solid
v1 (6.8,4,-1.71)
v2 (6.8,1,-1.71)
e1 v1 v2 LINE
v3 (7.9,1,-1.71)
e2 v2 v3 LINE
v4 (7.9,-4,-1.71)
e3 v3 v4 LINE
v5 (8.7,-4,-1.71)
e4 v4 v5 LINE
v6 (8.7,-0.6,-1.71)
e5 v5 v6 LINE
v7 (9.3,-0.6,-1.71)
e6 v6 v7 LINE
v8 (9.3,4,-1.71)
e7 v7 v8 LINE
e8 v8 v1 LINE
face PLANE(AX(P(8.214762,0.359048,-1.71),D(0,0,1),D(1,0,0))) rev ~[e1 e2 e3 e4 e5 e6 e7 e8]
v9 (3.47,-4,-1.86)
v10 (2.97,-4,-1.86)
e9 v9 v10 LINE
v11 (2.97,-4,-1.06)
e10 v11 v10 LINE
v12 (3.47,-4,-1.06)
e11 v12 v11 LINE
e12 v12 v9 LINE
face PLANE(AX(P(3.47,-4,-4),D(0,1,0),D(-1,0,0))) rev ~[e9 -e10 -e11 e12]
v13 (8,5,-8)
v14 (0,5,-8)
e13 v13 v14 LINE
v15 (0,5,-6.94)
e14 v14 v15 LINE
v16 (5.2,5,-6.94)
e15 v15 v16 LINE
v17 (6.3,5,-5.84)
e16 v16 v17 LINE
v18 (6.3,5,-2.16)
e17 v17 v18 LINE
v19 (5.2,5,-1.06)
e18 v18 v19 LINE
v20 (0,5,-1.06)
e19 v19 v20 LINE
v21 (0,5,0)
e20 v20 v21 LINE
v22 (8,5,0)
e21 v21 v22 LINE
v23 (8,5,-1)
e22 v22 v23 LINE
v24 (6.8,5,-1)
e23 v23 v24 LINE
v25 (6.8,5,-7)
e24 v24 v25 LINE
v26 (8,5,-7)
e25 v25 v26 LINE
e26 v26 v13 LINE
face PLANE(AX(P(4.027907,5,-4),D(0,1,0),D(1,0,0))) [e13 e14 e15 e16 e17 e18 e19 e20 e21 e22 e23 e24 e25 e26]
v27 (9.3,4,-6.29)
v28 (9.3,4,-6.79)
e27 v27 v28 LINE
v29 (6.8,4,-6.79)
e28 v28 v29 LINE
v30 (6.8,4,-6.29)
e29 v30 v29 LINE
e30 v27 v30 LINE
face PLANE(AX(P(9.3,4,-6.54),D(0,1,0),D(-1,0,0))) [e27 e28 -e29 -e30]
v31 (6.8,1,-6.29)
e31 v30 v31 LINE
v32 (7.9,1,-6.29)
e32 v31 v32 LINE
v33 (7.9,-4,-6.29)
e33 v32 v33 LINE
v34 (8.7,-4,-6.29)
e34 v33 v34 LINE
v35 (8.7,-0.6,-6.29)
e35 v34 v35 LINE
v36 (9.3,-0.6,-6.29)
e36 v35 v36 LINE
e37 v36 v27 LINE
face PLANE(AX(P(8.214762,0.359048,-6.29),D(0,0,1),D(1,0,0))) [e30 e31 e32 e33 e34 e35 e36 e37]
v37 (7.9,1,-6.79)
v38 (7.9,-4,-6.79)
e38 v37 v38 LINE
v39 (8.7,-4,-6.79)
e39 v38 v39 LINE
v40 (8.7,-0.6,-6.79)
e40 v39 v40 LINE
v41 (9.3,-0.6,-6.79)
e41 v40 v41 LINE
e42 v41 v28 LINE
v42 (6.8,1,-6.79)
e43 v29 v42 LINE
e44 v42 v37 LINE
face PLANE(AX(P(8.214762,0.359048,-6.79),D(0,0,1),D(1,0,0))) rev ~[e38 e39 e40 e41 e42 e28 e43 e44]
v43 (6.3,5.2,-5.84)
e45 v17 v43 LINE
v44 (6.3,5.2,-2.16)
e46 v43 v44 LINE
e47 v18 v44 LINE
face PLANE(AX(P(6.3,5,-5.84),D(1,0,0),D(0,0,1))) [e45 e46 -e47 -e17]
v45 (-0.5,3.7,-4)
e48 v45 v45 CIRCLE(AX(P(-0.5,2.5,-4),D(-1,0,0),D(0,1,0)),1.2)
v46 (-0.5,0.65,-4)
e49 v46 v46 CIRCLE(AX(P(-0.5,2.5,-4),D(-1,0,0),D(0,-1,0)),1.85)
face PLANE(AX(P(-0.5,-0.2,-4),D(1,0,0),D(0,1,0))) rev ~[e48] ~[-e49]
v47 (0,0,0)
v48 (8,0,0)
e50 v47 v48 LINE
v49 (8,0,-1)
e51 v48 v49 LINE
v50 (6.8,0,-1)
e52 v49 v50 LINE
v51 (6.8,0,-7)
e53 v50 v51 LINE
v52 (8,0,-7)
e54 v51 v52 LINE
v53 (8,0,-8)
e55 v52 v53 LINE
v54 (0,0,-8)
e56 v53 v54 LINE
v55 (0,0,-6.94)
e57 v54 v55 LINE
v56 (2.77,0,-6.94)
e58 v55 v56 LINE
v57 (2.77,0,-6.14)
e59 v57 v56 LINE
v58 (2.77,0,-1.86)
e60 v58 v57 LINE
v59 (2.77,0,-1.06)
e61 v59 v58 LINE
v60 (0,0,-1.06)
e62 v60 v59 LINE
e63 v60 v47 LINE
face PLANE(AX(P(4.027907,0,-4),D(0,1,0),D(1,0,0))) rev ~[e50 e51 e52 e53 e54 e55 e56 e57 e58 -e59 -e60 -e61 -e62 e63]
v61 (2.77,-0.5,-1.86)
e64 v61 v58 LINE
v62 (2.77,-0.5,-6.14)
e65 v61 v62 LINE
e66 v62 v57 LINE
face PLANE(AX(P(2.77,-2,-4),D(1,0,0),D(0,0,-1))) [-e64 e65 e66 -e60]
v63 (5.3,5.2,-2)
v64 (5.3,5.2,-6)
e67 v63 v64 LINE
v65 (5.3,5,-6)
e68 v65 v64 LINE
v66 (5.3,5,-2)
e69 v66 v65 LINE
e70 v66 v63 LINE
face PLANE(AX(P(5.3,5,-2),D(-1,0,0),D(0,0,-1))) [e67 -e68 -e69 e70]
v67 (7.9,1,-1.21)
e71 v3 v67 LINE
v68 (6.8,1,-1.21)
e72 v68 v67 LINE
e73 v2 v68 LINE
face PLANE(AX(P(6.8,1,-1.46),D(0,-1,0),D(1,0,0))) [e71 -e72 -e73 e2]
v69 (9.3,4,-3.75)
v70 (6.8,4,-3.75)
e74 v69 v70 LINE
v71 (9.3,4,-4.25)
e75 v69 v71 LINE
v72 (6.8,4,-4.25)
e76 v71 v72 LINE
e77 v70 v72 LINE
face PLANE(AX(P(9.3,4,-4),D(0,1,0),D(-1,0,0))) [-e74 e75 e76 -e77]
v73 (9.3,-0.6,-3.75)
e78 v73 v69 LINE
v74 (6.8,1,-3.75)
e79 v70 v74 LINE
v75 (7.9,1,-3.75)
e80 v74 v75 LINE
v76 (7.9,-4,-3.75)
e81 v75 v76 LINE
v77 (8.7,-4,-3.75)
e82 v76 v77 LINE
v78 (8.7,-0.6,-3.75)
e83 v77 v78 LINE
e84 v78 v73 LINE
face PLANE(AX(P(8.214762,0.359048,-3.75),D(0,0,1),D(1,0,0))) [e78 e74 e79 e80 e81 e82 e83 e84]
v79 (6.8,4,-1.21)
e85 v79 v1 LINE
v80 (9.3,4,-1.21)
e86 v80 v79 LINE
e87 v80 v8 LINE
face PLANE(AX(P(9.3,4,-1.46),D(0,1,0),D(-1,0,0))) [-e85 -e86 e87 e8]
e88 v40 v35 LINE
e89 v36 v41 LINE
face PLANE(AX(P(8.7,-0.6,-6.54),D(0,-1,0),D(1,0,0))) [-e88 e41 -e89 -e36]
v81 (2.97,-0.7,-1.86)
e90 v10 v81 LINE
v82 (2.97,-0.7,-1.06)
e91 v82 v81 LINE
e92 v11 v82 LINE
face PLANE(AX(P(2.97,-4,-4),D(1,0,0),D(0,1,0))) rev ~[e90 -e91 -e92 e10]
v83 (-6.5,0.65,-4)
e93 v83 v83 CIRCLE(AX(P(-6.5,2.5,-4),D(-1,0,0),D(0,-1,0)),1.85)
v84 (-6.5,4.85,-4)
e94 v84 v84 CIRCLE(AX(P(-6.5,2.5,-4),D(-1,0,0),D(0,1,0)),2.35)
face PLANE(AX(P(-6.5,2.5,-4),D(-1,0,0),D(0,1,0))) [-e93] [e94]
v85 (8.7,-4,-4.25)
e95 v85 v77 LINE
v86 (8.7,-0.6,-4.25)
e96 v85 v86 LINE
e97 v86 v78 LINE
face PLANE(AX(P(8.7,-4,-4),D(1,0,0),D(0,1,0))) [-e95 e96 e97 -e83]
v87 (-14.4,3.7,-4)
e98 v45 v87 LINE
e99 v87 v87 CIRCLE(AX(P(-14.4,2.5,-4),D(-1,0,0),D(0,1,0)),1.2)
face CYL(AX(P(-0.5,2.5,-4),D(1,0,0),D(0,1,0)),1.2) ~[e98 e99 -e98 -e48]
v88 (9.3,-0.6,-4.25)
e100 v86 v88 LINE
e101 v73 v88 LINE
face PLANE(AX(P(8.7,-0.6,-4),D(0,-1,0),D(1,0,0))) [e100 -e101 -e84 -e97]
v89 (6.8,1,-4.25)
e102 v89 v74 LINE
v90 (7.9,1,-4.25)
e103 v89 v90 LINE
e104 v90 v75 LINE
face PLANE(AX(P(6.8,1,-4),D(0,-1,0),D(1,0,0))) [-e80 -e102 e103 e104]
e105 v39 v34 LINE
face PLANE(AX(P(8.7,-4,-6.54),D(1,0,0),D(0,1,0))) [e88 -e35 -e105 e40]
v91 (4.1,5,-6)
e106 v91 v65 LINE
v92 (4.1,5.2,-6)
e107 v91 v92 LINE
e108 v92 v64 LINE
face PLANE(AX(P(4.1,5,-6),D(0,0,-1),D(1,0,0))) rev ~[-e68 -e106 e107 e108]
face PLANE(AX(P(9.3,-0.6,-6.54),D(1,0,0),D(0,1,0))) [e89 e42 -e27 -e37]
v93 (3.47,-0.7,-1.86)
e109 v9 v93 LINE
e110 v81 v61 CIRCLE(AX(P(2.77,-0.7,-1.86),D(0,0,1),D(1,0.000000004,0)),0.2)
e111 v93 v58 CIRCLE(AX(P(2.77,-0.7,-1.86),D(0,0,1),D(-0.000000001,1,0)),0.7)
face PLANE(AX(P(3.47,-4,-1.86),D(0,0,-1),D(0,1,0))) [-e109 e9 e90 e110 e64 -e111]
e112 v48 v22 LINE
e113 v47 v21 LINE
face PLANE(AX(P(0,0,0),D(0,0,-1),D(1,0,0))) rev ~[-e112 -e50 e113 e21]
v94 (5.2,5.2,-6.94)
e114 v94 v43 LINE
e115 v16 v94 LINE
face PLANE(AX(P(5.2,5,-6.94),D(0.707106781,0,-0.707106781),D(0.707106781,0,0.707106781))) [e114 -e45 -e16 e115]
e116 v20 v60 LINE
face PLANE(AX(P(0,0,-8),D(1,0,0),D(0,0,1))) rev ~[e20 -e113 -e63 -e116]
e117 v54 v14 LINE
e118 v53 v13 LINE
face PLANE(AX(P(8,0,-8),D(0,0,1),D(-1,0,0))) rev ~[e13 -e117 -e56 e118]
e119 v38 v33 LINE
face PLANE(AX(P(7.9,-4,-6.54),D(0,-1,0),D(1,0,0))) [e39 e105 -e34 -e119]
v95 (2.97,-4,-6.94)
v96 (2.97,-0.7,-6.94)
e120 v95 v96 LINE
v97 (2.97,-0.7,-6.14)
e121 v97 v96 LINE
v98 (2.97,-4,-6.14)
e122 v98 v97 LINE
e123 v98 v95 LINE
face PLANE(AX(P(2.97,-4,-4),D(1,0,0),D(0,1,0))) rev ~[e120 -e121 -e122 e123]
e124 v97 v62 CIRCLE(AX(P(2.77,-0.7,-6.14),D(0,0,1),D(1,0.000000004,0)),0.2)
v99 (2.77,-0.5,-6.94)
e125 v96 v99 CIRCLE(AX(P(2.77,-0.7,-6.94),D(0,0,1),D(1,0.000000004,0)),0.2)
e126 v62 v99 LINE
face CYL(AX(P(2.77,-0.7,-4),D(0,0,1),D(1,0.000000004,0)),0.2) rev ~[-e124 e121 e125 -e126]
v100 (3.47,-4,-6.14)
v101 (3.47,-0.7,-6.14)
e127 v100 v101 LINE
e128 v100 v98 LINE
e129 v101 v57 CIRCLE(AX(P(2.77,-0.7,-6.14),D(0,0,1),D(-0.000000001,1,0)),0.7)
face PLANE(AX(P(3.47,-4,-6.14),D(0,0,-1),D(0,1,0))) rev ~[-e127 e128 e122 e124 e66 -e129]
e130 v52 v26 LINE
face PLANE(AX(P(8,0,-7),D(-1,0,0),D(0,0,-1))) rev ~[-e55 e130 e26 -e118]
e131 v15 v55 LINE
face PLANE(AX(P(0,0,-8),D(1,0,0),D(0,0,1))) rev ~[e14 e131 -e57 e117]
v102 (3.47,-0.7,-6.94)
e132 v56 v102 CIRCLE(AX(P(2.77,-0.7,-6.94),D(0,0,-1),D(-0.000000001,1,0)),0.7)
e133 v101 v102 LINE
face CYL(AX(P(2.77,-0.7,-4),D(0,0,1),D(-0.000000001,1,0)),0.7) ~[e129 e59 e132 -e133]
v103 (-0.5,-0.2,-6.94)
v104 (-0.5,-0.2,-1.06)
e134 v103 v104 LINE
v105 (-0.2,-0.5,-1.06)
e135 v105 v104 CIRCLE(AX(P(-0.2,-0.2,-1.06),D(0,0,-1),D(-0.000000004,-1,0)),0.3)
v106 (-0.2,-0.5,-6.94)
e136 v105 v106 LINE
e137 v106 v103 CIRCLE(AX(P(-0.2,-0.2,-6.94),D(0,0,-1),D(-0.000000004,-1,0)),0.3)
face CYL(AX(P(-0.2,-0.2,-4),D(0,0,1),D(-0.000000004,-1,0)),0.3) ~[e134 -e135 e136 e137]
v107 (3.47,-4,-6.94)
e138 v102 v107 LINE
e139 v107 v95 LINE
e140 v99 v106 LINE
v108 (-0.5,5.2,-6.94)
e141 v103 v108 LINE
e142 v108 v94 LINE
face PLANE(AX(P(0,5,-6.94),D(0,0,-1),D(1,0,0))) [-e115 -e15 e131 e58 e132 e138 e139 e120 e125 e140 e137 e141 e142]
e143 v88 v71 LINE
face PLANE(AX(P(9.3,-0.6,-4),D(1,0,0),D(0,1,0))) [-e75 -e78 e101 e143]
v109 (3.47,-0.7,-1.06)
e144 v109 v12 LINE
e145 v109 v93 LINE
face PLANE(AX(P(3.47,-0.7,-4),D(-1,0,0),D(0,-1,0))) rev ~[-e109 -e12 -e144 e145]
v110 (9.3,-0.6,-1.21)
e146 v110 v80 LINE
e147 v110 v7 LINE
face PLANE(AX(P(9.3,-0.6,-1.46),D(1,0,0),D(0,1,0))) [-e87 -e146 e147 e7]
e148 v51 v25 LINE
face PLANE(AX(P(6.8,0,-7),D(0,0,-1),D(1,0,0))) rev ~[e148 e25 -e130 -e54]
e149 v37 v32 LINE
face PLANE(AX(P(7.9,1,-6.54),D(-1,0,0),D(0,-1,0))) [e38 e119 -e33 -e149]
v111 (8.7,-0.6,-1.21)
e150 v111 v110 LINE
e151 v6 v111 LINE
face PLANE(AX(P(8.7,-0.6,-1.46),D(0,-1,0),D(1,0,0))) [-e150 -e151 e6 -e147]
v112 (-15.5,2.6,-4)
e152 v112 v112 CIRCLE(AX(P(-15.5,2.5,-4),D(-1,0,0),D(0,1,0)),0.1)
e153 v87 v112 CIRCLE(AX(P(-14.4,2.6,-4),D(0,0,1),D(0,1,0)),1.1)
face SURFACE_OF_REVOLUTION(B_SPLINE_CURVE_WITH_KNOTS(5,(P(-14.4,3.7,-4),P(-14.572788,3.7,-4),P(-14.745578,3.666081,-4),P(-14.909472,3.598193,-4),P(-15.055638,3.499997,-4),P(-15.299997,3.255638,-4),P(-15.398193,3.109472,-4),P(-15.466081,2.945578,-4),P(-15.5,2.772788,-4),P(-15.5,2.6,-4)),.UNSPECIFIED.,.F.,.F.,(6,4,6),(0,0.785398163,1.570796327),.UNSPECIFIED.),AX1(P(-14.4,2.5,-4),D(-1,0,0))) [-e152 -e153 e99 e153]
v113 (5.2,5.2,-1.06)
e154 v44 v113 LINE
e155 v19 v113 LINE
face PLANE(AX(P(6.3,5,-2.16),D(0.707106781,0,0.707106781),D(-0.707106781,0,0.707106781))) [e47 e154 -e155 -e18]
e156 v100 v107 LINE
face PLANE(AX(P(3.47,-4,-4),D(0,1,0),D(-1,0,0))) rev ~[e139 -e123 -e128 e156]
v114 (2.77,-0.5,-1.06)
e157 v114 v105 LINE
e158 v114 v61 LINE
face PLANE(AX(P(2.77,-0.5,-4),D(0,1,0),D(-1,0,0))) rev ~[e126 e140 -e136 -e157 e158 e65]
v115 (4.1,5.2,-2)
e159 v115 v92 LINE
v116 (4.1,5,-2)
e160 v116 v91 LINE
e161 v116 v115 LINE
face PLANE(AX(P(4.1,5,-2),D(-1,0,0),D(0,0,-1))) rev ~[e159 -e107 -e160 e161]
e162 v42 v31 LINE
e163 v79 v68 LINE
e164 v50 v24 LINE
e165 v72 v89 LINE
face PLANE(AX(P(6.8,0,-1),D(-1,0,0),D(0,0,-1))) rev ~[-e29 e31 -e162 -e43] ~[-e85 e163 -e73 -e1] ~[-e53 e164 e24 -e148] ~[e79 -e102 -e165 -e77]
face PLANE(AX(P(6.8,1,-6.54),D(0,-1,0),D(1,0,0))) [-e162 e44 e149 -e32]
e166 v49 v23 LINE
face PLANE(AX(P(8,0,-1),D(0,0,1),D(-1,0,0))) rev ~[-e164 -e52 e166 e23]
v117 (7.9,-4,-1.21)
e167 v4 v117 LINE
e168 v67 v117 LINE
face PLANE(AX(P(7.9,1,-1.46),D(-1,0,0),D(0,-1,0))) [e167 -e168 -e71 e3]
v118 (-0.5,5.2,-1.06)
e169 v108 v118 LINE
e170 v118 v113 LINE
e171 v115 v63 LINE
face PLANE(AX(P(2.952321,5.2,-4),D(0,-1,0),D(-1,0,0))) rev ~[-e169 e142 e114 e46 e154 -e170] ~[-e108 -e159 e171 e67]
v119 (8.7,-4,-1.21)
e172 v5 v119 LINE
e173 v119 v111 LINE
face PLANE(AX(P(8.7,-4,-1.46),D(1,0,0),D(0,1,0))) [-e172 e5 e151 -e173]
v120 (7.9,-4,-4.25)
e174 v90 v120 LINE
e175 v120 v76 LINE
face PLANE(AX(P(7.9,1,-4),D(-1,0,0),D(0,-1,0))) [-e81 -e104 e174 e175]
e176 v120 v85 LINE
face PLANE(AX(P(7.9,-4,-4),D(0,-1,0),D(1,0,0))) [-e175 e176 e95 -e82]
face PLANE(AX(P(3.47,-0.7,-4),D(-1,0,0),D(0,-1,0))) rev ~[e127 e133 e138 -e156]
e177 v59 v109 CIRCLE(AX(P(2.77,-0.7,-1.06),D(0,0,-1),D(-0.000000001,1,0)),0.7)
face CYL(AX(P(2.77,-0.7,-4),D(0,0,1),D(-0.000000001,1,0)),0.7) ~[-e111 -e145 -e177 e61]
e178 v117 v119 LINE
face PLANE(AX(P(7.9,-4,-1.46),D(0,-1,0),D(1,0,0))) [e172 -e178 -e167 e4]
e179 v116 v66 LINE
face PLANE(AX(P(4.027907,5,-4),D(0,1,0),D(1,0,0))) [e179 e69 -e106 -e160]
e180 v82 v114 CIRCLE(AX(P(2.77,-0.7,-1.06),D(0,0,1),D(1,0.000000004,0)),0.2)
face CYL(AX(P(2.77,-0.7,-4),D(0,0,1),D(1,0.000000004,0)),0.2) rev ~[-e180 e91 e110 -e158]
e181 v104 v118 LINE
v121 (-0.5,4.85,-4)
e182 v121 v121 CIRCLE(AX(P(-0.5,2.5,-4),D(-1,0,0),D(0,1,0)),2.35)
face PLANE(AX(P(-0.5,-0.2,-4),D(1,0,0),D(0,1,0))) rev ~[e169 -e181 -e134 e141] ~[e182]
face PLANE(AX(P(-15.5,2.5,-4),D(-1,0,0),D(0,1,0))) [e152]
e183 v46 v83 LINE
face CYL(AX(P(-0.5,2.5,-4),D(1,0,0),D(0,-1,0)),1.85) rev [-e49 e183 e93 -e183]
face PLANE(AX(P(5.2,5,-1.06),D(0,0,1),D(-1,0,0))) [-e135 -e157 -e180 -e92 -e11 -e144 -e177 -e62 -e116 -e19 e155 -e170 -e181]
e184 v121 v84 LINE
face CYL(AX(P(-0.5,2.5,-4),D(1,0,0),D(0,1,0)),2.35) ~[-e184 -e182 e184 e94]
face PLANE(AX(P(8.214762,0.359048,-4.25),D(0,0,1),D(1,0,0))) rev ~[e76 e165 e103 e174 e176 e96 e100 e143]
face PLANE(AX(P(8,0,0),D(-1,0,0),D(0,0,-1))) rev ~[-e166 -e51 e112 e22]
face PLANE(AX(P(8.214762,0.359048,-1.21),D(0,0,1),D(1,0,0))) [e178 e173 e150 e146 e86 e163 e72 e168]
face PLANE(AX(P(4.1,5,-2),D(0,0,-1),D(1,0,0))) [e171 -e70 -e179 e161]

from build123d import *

# Parameters (mm, degrees)
BOSS_EXTRU_1_DEPTH         = 5
BOSS_EXTRU_2_DEPTH         = 0.25
BOSS_EXTRU_3_DEPTH         = 2.94
ESQUISSE6_W                = 4.28
ESQUISSE6_H                = 4
ENL_V_MAT_EXTRU_1_DEPTH    = 0.7
ESQUISSE7_R                = 2.35
ESQUISSE7_R_2              = 1.85
BOSS_EXTRU_4_DEPTH         = 6
ESQUISSE8_R                = 1.2
BOSS_EXTRU_5_DEPTH         = 15
CONG_1_R                   = 1.1
ESQUISSE9_W                = 1.2
ESQUISSE9_H                = 4
BOSS_EXTRU_6_DEPTH         = 0.2
R_P_TITION_LIN_AIRE1_COUNT = 2
R_P_TITION_LIN_AIRE1_PITCH = 2.54
R_P_TITION_LIN_AIRE2_COUNT = 2
R_P_TITION_LIN_AIRE2_PITCH = 2.54


with BuildPart() as part:
    # Esquisse1 → Boss.-Extru.1 (new body)
    with BuildSketch(Plane(origin=(0, 0, 0), x_dir=(1, 0, 0), z_dir=(0, 1, 0))):
        Polygon((0, 0), (8, 0), (8, 1), (6.8, 1), (6.8, 7), (8, 7), (8, 8), (0, 8), align=None)
    extrude(amount=BOSS_EXTRU_1_DEPTH)

    # Esquisse4 → Boss.-Extru.2 (add, symmetric)
    with BuildSketch(Plane.XY.offset(-4)):
        Polygon((6.8, 4), (6.8, 1), (7.9, 1), (7.9, -4), (8.7, -4), (8.7, -0.6), (9.3, -0.6), (9.3, 4), align=None)
    boss_extru_2 = extrude(amount=BOSS_EXTRU_2_DEPTH, both=True)

    # Esquisse5 → Boss.-Extru.3 (add, symmetric)
    with BuildSketch(Plane.XY.offset(-4)):
        with BuildLine():
            Line((0, 5.2), (0, 0))
            Line((0, 0), (2.77, 0))
            ThreePointArc((2.77, 0), (3.264974747, -0.205025253), (3.47, -0.7))
            Line((3.47, -0.7), (3.47, -4))
            Line((3.47, -4), (2.97, -4))
            Line((2.97, -4), (2.97, -0.7))
            ThreePointArc((2.97, -0.7), (2.911421356, -0.558578644), (2.77, -0.5))
            Line((2.77, -0.5), (-0.2, -0.5))
            ThreePointArc((-0.2, -0.5), (-0.412132034, -0.412132034), (-0.5, -0.2))
            Line((-0.5, -0.2), (-0.5, 5.2))
            Line((-0.5, 5.2), (0, 5.2))
        make_face()
    extrude(amount=BOSS_EXTRU_3_DEPTH, both=True)

    # Esquisse6 → Enlèv. mat.-Extru.1 (cut)
    with BuildSketch(Plane(origin=(3.47, 0, 0), x_dir=(0, 0, -1), z_dir=(1, 0, 0))):
        with Locations((4, -2)):
            Rectangle(ESQUISSE6_W, ESQUISSE6_H)
    extrude(amount=-ENL_V_MAT_EXTRU_1_DEPTH, mode=Mode.SUBTRACT)

    # Esquisse7 → Boss.-Extru.4 (add)
    with BuildSketch(Plane.ZY.offset(0.5)):
        with Locations(Location((-4, 2.5, 0), (0, 0, 90))):  # turned: the seam where the file's is
            Circle(ESQUISSE7_R)
        with Locations(Location((-4, 2.5, 0), (0, 0, 270))):  # turned: the seam where the file's is
            Circle(ESQUISSE7_R_2, mode=Mode.SUBTRACT)
    extrude(amount=BOSS_EXTRU_4_DEPTH)

    # Esquisse8 → Boss.-Extru.5 (add)
    with BuildSketch(Plane.ZY.offset(0.5)):
        with Locations(Location((-4, 2.5, 0), (0, 0, 90))):  # turned: the seam where the file's is
            Circle(ESQUISSE8_R)
    extrude(amount=BOSS_EXTRU_5_DEPTH)

    # Congé1
    cong_1_edges = [part.edges().sort_by_distance(p)[0] for p in [
        (-15.5, 1.3, -4),
    ]]
    fillet(cong_1_edges, radius=CONG_1_R)

    # Esquisse9 → Boss.-Extru.6 (add)
    with BuildSketch(Plane(origin=(0, 5, 0), x_dir=(1, 0, 0), z_dir=(0, 1, 0))):
        Polygon((0, 6.94), (5.2, 6.94), (6.3, 5.84), (6.3, 2.16), (5.2, 1.06), (0, 1.06), align=None)
        with Locations((4.7, 4)):
            Rectangle(ESQUISSE9_W, ESQUISSE9_H, mode=Mode.SUBTRACT)
    extrude(amount=BOSS_EXTRU_6_DEPTH)

    # Répétition linéaire1: Boss.-Extru.2 ×2
    with Locations(*[(0, 0, -i * R_P_TITION_LIN_AIRE1_PITCH) for i in range(1, R_P_TITION_LIN_AIRE1_COUNT)]):
        add(boss_extru_2)

    # Répétition linéaire2: Boss.-Extru.2 ×2
    with Locations(*[(0, 0, i * R_P_TITION_LIN_AIRE2_PITCH) for i in range(1, R_P_TITION_LIN_AIRE2_COUNT)]):
        add(boss_extru_2)


solid = part.part
